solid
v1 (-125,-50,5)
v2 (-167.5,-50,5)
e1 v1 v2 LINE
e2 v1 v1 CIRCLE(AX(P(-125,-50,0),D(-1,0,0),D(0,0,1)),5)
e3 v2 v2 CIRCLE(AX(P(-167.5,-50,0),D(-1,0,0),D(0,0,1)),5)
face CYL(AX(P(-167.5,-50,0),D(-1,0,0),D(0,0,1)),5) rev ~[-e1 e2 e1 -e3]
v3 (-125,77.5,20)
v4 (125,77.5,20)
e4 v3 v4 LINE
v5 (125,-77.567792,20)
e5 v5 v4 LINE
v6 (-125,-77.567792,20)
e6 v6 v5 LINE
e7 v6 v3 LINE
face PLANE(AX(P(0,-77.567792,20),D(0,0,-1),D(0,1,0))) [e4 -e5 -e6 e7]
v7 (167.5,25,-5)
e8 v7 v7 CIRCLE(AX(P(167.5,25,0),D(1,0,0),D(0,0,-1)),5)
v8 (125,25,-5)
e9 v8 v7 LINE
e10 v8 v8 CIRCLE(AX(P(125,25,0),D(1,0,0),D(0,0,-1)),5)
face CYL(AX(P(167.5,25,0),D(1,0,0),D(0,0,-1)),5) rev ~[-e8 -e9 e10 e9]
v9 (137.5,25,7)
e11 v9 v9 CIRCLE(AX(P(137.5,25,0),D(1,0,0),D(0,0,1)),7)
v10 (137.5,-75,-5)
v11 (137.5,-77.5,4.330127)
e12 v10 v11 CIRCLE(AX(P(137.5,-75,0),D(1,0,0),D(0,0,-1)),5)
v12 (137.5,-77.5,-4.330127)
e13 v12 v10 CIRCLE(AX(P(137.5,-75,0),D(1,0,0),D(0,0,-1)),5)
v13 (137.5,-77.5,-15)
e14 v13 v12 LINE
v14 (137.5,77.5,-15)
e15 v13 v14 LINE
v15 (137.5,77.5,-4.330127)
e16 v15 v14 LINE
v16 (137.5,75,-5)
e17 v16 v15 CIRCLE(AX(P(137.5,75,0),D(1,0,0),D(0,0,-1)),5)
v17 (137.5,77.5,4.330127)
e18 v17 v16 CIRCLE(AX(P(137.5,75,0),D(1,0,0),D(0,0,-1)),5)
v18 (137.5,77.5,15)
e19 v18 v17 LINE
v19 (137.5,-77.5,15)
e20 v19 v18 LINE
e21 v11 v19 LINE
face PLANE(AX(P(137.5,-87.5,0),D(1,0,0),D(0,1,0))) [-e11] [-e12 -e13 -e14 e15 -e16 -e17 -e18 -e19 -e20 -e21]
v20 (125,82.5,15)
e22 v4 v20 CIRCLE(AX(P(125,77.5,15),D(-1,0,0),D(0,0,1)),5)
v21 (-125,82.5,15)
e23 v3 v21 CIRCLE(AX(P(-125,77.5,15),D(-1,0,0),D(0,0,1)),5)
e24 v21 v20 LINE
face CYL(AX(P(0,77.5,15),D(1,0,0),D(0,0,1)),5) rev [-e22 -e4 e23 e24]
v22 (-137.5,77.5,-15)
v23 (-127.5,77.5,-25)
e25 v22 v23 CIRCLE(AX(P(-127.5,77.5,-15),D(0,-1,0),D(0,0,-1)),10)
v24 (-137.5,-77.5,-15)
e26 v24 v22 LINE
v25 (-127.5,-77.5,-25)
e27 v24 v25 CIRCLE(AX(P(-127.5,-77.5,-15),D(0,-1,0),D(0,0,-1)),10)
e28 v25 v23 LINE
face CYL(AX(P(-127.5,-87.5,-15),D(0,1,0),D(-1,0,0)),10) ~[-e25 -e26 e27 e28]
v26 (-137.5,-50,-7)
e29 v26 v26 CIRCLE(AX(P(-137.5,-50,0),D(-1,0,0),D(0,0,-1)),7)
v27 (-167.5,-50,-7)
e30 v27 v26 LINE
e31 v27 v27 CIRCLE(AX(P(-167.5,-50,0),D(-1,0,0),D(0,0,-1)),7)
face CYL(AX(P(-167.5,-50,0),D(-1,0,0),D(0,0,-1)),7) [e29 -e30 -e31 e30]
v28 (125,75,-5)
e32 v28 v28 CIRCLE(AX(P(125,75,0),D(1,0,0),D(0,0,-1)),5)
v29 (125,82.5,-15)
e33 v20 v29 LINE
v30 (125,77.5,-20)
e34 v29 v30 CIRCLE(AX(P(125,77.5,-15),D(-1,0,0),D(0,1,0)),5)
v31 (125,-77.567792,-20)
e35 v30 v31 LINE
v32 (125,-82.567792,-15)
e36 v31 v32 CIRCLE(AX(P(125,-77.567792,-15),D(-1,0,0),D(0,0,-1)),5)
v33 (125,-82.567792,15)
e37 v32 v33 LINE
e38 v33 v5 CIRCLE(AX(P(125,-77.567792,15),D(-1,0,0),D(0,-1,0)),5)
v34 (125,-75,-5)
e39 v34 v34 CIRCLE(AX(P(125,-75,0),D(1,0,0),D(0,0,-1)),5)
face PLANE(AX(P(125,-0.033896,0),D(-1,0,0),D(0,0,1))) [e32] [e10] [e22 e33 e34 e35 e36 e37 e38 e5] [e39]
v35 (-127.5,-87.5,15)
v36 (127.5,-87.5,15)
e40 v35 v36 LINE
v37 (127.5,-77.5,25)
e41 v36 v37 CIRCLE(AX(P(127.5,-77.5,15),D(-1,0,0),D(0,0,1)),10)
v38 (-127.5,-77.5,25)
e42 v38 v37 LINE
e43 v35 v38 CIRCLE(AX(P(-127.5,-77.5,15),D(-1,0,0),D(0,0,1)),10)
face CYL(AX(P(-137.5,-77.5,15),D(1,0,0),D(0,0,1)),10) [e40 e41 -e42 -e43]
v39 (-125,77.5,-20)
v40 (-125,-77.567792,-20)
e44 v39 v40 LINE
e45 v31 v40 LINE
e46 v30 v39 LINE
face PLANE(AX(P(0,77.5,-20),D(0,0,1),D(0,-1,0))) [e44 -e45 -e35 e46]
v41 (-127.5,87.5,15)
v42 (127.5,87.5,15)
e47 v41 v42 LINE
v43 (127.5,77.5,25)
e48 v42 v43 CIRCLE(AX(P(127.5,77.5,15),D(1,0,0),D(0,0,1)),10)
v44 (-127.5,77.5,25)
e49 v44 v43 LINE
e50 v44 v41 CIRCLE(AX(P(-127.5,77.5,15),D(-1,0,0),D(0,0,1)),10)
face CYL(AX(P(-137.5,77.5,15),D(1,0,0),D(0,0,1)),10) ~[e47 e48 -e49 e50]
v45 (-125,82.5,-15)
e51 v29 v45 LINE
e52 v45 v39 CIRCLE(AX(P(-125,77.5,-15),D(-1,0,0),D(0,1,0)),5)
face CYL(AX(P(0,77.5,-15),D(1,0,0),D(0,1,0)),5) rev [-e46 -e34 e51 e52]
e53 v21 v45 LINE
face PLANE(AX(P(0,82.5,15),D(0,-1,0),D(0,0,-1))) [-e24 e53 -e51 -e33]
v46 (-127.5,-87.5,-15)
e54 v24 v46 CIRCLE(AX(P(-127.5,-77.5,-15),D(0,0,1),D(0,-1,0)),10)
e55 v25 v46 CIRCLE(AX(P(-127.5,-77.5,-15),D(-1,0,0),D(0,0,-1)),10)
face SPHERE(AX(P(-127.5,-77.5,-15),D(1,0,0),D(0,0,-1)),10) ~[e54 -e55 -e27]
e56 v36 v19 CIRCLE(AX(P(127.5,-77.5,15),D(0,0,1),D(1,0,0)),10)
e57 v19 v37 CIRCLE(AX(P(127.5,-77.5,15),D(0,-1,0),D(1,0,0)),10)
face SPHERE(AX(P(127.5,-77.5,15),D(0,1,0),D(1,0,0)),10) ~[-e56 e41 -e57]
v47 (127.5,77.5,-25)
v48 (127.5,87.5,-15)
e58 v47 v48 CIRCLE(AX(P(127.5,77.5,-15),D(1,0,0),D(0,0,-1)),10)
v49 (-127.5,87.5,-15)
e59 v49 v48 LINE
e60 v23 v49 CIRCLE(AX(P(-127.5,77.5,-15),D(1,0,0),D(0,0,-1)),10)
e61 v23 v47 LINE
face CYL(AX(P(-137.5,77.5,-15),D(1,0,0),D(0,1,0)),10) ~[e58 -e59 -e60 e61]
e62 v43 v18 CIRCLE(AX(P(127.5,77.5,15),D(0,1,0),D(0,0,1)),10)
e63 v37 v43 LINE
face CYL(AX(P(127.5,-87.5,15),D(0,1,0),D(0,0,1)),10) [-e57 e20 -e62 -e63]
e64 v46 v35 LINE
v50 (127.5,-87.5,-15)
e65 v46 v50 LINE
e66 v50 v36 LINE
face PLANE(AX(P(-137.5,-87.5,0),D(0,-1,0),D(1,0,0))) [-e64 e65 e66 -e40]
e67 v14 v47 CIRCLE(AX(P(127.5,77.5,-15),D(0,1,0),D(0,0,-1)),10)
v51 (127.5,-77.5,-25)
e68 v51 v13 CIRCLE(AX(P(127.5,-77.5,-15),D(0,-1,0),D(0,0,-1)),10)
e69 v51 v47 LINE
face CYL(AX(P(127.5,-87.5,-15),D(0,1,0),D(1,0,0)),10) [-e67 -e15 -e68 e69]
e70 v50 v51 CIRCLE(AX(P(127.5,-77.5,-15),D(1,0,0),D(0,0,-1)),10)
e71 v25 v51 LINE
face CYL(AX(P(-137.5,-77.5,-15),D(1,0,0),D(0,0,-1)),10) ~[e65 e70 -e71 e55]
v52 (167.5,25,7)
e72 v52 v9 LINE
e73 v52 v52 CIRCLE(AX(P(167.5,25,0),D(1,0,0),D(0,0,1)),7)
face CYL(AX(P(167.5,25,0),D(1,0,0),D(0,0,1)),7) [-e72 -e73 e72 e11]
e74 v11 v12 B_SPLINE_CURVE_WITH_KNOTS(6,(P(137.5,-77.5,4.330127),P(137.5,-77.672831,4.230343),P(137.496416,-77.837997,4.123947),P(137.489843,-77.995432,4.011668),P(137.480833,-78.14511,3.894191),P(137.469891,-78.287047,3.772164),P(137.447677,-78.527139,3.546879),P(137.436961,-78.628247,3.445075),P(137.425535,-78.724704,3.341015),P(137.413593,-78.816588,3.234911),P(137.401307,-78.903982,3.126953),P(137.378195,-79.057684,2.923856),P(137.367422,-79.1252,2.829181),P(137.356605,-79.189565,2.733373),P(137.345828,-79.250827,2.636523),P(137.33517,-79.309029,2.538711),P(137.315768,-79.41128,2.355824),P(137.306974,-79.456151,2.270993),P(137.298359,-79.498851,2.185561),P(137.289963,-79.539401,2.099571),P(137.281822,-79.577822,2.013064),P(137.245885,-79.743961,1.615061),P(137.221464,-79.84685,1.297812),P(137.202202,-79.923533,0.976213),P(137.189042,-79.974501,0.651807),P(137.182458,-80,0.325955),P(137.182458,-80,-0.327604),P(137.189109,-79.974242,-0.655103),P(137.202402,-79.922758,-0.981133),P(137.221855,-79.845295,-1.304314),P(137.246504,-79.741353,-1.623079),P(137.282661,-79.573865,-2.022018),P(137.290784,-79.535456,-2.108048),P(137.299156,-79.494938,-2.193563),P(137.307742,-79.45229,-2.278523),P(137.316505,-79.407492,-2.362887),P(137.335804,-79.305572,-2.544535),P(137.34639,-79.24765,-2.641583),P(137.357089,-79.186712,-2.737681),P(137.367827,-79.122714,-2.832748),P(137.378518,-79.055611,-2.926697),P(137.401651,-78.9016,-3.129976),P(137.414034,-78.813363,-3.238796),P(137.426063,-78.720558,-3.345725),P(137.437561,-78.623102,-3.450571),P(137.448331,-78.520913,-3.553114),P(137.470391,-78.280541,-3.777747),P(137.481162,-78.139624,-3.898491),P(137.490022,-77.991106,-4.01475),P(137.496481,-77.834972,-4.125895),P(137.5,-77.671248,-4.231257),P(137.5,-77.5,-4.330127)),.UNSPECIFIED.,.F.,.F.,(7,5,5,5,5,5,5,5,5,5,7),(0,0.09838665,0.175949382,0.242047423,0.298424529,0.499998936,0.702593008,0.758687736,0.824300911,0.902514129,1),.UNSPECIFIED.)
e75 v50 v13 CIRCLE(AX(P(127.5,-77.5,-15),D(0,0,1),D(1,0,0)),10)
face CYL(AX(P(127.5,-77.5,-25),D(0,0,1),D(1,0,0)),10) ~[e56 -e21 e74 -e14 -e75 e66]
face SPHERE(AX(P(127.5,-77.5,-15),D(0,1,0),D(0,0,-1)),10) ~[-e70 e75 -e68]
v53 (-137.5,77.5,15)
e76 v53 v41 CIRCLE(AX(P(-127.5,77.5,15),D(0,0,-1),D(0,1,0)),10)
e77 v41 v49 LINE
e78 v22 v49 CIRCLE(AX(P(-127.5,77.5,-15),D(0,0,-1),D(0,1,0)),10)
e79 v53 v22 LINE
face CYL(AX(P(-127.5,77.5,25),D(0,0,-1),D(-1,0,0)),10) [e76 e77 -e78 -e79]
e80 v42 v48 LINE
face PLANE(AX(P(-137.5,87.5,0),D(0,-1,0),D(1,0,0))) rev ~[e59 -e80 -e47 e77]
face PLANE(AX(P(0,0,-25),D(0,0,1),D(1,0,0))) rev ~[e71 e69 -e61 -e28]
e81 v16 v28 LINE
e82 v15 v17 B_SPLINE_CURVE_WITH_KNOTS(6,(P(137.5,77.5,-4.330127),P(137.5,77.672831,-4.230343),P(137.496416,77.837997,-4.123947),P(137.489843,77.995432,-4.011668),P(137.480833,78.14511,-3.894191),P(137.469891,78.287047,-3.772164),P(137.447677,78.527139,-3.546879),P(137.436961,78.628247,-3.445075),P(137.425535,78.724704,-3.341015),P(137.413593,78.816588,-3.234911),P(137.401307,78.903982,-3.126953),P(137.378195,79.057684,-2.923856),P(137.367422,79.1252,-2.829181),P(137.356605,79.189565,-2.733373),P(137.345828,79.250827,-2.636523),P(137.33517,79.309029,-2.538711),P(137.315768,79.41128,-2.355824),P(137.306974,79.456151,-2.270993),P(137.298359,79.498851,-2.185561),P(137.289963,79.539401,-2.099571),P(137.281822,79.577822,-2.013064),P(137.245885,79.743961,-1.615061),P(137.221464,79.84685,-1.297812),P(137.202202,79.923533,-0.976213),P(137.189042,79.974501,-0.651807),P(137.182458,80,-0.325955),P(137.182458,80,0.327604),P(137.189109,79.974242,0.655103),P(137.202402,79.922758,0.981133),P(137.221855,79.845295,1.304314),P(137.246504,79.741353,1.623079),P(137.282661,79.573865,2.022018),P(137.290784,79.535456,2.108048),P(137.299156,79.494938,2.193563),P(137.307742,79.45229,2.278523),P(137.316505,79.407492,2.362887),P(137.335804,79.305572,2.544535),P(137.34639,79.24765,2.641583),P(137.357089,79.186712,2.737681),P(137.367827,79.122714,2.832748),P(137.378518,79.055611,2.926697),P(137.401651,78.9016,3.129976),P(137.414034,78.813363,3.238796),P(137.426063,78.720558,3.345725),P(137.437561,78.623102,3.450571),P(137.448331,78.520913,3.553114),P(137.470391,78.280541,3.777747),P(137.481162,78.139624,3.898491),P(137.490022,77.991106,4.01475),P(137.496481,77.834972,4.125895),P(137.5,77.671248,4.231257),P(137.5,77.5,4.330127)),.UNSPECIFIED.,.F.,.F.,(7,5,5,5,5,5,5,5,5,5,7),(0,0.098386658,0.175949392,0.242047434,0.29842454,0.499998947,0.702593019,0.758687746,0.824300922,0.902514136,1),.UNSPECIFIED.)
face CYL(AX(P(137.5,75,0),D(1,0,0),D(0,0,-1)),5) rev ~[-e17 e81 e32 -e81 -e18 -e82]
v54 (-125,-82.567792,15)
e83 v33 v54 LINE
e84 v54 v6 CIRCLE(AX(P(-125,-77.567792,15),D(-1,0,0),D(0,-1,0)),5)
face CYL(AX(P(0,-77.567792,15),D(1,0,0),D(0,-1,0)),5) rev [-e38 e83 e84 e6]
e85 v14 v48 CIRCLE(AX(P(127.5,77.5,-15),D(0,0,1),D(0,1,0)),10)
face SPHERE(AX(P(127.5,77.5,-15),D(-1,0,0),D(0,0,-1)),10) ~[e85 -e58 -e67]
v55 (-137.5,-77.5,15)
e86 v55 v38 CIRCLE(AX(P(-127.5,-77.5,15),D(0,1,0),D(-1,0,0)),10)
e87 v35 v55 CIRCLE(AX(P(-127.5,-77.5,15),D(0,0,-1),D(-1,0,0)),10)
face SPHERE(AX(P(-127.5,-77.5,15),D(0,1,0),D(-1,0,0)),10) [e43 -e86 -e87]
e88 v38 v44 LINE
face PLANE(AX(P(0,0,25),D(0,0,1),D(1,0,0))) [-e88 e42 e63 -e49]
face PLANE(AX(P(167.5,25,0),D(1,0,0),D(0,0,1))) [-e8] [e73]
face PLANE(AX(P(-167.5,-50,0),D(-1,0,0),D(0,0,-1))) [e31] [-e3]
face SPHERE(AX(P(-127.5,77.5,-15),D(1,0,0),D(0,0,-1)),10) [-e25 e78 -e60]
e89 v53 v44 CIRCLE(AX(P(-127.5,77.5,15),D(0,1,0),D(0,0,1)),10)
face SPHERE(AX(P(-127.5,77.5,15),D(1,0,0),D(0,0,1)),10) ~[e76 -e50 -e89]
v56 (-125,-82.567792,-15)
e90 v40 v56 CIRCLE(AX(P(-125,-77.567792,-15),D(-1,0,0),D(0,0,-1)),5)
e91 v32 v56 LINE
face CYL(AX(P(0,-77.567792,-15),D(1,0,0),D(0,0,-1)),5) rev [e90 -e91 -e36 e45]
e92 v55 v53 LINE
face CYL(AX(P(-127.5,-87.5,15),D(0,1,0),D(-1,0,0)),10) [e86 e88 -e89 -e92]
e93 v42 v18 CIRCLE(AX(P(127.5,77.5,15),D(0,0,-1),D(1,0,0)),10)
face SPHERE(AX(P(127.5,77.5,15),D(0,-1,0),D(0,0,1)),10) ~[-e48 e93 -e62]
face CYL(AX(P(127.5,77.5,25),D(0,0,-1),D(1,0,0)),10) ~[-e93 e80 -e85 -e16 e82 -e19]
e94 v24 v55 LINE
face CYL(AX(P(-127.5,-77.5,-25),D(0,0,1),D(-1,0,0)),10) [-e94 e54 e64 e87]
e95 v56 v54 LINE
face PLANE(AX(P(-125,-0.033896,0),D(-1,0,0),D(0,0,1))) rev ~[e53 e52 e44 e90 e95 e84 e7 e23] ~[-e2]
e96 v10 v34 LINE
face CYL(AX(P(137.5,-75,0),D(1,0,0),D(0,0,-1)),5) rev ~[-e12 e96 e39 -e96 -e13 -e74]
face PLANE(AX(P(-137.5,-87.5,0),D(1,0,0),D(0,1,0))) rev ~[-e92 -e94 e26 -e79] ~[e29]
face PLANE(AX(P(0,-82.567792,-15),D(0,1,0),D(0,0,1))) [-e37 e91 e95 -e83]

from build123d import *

# Parameters (mm, degrees)
SKETCH1_W           = 275
SKETCH1_H           = 175
BOSS_EXTRUDE1_DEPTH = 25
FILLET1_R           = 10
SKETCH2_R           = 5
CUT_EXTRUDE1_DEPTH  = 180
CUT_EXTRUDE2_DEPTH  = 125
SKETCH5_R           = 5
CUT_EXTRUDE3_DEPTH  = 190
BOSS_EXTRUDE2_START = 30
SKETCH6_R           = 7
SKETCH6_R_2         = 5
BOSS_EXTRUDE2_DEPTH = 30
BOSS_EXTRUDE3_START = 30
SKETCH7_R           = 7
SKETCH7_R_2         = 5
BOSS_EXTRUDE3_DEPTH = 30


with BuildPart() as part:
    # Sketch1 → Boss-Extrude1 (new, symmetric)
    with BuildSketch(Plane.XY):
        Rectangle(SKETCH1_W, SKETCH1_H)
    extrude(amount=BOSS_EXTRUDE1_DEPTH, both=True)

    # Fillet1
    fillet1_edges = [part.edges().sort_by_distance(p)[0] for p in [
        (137.5, 0, 25),
        (0, 87.5, 25),
        (-137.5, 0, 25),
        (0, 87.5, -25),
        (137.5, 0, -25),
        (0, -87.5, -25),
        (-137.5, 0, -25),
        (-137.5, 87.5, 0),
        (137.5, 87.5, 0),
        (137.5, -87.5, 0),
        (-137.5, -87.5, 0),
        (0, -87.5, 25),
    ]]
    fillet(fillet1_edges, radius=FILLET1_R)

    # Sketch2 → Cut-Extrude1 (cut)
    with BuildSketch(Plane(origin=(137.5, 0, 0), x_dir=(0, 0, -1), z_dir=(1, 0, 0))):
        with Locations((0, 75)):
            Circle(SKETCH2_R)
        with Locations((0, 25)):
            Circle(SKETCH2_R)
        with Locations((0, -75)):
            Circle(SKETCH2_R)
    extrude(amount=-CUT_EXTRUDE1_DEPTH, mode=Mode.SUBTRACT)

    # Sketch3 → Cut-Extrude2 (cut, symmetric)
    with BuildSketch(Plane(origin=(0, 0, 0), x_dir=(0, 0, -1), z_dir=(1, 0, 0))):
        with BuildLine():
            Line((-15, 82.5), (15, 82.5))
            ThreePointArc((15, 82.5), (18.535533906, 81.035533906), (20, 77.5))
            Line((20, 77.5), (20, -77.567792301))
            ThreePointArc((20, -77.567792301), (18.535533906, -81.103326207), (15, -82.567792301))
            Line((15, -82.567792301), (-15, -82.567792301))
            ThreePointArc((-15, -82.567792301), (-18.535533906, -81.103326207), (-20, -77.567792301))
            Line((-20, -77.567792301), (-20, 77.5))
            ThreePointArc((-20, 77.5), (-18.535533906, 81.035533906), (-15, 82.5))
        make_face()
    extrude(amount=CUT_EXTRUDE2_DEPTH, both=True, mode=Mode.SUBTRACT)

    # Sketch5 → Cut-Extrude3 (cut)
    with BuildSketch(Plane.ZY.offset(137.5)):
        with Locations((0, -50)):
            Circle(SKETCH5_R)
    extrude(amount=-CUT_EXTRUDE3_DEPTH, mode=Mode.SUBTRACT)

    # Sketch6 → Boss-Extrude2 (add)
    with BuildSketch(Plane(origin=(137.5, 0, 0), x_dir=(0, 0, -1), z_dir=(1, 0, 0)).offset(BOSS_EXTRUDE2_START)):
        with Locations(Location((0, 25, 0), (0, 0, 180))):
            Circle(SKETCH6_R)
        with Locations((0, 25)):
            Circle(SKETCH6_R_2, mode=Mode.SUBTRACT)
    extrude(amount=-BOSS_EXTRUDE2_DEPTH)

    # Sketch7 → Boss-Extrude3 (add)
    with BuildSketch(Plane.ZY.offset(137.5).offset(BOSS_EXTRUDE3_START)):
        with Locations(Location((0, -50, 0), (0, 0, 180))):
            Circle(SKETCH7_R)
        with Locations((0, -50)):
            Circle(SKETCH7_R_2, mode=Mode.SUBTRACT)
    extrude(amount=-BOSS_EXTRUDE3_DEPTH)


solid = part.part
